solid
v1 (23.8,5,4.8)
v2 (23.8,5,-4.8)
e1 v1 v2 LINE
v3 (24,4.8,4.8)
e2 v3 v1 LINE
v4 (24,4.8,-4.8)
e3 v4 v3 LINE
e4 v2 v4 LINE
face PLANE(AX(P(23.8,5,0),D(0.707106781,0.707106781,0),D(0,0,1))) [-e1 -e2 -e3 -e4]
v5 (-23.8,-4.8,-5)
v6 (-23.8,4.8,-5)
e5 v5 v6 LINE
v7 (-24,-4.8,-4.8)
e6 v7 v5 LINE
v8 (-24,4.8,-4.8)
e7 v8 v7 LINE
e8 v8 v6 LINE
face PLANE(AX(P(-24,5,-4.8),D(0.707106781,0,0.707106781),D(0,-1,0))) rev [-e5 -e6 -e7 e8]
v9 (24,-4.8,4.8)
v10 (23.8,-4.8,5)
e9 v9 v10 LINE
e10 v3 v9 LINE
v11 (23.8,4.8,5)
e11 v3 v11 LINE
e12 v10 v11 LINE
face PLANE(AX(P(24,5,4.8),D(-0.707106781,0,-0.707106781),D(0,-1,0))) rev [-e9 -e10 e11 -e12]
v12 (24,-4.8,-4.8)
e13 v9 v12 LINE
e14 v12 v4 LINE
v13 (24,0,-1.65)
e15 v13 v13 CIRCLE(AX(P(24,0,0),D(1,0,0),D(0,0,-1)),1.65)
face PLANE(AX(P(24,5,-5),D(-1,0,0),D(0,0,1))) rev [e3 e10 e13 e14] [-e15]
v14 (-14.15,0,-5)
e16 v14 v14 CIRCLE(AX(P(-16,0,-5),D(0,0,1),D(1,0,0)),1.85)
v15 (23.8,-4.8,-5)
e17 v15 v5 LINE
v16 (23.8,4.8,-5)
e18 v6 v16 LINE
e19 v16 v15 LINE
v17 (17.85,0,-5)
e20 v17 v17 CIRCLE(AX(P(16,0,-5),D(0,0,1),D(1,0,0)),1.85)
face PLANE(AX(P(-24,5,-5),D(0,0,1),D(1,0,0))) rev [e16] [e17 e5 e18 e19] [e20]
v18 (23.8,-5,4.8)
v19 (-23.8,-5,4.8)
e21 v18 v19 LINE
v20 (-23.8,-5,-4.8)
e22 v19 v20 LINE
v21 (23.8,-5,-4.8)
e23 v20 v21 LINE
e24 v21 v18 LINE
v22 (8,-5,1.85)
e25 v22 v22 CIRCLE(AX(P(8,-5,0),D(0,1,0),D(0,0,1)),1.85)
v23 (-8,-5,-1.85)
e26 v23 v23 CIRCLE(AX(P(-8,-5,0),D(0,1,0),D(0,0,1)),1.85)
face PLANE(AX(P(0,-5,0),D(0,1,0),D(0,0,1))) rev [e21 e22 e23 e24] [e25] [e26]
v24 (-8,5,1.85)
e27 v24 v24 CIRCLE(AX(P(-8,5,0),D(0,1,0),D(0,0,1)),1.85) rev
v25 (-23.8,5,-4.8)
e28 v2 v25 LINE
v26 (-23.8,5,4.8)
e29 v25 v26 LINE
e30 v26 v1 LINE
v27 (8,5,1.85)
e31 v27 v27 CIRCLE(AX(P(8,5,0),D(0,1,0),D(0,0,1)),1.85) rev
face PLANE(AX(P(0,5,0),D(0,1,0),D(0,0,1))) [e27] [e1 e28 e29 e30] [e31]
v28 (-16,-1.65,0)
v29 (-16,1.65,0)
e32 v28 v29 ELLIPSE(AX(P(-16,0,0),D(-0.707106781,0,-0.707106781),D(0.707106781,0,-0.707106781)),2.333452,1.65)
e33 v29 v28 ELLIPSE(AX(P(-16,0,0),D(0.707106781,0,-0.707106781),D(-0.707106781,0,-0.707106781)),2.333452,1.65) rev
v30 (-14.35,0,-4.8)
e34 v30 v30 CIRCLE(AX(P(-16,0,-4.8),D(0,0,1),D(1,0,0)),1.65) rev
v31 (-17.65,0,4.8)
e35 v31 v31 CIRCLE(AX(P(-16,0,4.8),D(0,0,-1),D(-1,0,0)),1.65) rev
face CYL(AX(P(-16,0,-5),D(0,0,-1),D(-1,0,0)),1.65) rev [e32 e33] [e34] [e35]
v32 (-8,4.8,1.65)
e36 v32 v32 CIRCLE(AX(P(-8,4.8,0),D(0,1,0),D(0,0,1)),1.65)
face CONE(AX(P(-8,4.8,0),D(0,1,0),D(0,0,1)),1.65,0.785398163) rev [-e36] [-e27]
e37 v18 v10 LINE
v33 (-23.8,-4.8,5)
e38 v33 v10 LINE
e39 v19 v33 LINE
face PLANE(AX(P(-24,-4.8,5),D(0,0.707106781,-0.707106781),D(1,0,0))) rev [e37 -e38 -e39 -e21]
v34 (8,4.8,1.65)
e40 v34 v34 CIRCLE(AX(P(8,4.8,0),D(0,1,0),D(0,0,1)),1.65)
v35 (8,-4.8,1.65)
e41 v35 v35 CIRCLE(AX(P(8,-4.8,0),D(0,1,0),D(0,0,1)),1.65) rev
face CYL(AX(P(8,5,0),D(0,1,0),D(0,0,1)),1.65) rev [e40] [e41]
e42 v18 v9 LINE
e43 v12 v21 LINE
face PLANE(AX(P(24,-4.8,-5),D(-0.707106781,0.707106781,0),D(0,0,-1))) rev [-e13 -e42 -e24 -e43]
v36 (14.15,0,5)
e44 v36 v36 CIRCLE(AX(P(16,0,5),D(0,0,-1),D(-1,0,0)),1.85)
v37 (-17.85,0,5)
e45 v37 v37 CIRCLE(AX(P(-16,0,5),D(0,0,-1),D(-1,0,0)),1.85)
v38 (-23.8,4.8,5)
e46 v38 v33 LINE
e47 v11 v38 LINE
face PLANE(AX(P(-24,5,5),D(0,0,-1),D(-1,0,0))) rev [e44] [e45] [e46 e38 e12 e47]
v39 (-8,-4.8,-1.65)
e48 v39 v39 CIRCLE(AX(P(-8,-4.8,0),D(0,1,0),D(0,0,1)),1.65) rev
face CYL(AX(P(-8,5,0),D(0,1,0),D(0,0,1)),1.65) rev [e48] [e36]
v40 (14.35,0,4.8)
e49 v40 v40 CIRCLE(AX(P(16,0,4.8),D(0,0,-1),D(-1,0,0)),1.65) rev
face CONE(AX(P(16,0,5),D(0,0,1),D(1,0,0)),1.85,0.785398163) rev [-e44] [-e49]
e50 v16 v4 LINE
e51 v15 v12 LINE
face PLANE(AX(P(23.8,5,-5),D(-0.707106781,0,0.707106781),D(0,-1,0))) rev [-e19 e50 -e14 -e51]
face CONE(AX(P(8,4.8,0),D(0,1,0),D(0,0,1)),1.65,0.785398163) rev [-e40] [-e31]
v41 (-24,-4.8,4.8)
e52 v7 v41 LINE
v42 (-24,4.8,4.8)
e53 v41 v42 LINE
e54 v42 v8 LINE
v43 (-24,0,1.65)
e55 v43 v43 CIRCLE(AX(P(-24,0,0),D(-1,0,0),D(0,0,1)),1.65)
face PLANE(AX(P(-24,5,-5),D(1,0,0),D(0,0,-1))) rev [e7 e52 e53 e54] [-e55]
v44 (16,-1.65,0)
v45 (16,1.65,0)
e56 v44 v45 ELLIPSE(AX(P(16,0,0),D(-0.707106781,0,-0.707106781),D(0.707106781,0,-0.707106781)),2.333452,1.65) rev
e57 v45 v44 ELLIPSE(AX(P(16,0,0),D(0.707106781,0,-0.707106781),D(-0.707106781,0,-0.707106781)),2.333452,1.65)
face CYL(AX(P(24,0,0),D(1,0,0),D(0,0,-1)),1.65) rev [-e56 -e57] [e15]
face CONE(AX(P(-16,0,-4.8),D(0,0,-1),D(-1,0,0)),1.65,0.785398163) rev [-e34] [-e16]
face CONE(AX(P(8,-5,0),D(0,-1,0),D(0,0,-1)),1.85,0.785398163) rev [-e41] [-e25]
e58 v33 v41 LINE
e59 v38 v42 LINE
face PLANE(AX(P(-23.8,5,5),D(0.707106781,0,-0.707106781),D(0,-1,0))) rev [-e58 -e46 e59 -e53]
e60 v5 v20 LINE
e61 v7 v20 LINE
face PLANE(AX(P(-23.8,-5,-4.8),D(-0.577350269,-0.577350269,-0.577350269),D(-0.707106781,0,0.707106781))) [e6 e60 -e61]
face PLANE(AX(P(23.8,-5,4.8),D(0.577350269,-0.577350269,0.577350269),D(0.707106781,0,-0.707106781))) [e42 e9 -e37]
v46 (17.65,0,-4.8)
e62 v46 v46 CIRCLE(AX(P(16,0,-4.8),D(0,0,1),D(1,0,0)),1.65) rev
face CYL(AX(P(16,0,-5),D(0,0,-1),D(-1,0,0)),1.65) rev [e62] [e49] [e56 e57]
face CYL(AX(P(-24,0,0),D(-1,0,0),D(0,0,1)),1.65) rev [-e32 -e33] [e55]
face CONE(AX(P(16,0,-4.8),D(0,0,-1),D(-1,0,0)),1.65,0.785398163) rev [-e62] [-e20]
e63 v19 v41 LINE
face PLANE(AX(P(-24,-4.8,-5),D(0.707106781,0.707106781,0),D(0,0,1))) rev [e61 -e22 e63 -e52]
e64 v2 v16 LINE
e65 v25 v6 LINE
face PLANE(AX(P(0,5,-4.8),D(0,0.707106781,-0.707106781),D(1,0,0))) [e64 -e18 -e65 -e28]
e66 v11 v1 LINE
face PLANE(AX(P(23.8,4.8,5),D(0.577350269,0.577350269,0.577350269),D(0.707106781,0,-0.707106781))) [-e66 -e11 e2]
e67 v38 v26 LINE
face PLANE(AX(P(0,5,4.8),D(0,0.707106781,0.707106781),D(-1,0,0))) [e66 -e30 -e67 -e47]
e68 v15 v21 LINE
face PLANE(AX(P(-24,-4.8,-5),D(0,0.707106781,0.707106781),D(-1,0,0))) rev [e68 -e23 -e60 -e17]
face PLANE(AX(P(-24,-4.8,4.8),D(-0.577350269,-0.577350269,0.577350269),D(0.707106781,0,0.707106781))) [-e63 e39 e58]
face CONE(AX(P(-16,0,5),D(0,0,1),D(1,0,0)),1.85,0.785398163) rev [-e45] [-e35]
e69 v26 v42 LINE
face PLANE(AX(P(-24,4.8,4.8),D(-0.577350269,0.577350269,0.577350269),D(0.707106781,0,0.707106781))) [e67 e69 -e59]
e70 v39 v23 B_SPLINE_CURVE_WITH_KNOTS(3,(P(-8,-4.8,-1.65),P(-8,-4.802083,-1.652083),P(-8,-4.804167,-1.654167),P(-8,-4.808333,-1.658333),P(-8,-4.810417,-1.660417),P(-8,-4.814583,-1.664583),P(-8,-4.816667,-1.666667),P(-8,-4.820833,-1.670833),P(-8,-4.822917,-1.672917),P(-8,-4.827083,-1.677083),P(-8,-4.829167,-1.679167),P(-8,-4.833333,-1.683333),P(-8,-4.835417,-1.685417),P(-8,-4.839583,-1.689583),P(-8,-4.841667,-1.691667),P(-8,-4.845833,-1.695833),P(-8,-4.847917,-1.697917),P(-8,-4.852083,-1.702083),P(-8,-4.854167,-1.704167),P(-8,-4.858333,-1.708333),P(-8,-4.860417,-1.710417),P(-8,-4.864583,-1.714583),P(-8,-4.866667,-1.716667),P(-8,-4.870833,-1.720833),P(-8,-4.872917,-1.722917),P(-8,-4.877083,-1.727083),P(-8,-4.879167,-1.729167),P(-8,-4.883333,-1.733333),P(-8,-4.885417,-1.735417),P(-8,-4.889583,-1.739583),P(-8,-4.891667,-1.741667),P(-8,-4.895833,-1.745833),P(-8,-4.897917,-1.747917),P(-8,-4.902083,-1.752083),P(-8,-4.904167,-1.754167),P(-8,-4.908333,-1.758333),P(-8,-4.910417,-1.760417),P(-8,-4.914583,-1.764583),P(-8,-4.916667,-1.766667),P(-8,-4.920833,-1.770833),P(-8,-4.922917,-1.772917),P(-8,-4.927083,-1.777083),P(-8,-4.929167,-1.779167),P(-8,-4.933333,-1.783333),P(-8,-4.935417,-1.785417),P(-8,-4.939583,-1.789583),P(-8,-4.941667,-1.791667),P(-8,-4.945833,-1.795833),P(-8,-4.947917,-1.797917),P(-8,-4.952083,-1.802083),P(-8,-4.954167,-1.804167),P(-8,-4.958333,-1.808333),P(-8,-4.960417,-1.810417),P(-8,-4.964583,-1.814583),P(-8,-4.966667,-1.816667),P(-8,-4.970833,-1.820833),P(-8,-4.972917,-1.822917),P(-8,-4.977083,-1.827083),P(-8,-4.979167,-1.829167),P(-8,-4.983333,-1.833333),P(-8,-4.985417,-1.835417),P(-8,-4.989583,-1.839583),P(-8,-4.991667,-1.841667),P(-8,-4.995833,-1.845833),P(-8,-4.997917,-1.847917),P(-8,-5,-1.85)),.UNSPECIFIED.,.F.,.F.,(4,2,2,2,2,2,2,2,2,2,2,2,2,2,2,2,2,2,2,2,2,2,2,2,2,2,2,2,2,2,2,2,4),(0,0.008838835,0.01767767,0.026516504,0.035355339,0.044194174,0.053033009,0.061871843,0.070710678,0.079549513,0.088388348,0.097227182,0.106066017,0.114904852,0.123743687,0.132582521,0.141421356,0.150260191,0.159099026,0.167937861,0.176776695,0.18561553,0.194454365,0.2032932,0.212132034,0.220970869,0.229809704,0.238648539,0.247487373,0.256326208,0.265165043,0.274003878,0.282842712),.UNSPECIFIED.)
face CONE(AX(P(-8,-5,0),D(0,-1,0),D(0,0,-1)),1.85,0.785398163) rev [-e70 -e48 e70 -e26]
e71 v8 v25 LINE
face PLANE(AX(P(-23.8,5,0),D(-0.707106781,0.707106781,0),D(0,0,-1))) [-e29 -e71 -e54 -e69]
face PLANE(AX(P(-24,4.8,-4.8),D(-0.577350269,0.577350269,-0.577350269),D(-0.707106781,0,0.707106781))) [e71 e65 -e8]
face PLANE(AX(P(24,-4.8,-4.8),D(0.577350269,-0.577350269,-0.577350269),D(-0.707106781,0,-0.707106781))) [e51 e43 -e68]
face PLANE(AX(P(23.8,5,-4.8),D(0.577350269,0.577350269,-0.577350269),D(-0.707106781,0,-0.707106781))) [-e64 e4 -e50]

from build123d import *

# Parameters (mm, degrees)
SKETCH_1_W              = 48
SKETCH_1_H              = 10
EXTRUDE_1_DEPTH         = 5
HOLE_WIZARD_M4_1_D      = 3.3
HOLE_WIZARD_M4_2_D      = 3.3
CHAMFER_1_SIZE          = 0.2
HOLE_WIZARD_M4_3_REACH  = 50.518
HOLE_WIZARD_M4_3_BORE_R = 1.65
HOLE_WIZARD_M4_4_REACH  = 50.518
HOLE_WIZARD_M4_4_BORE_R = 1.65


with BuildPart() as part:
    # 草图1 → 凸台-拉伸1 (new, symmetric)
    with BuildSketch(Plane(origin=(0, 0, 0), x_dir=(1, 0, 0), z_dir=(0, 1, 0))):
        Rectangle(SKETCH_1_W, SKETCH_1_H)
    extrude(amount=EXTRUDE_1_DEPTH, both=True)

    # M4 螺纹孔1 (through all)
    with Locations(Plane(origin=(0, 5, 0), x_dir=(1, 0, 0), z_dir=(0, 1, 0))):
        with Locations((-8, 0), (8, 0)):
            Hole(HOLE_WIZARD_M4_1_D / 2)

    # M4 螺纹孔2 (through all)
    with Locations(Plane(origin=(0, 0, -5), x_dir=(-1, 0, 0), z_dir=(0, 0, -1))):
        with Locations((-16, 0), (16, 0)):
            Hole(HOLE_WIZARD_M4_2_D / 2)

    # 倒角1
    chamfer_1_edges = [part.edges().sort_by_distance(p)[0] for p in [
        (-24, 5, 0),
        (9.65, 5, 0),
        (9.65, -5, 0),
        (0, 5, 5),
        (-6.35, 5, 0),
        (-6.35, -5, 0),
        (-17.65, 0, -5),
        (-17.65, 0, 5),
        (14.35, 0, -5),
        (14.35, 0, 5),
        (24, 5, 0),
        (0, -5, 5),
        (-24, -5, 0),
        (0, -5, -5),
        (24, -5, 0),
        (24, 0, 5),
        (-24, 0, 5),
        (-24, 0, -5),
        (24, 0, -5),
        (0, 5, -5),
    ]]
    chamfer(chamfer_1_edges, length=CHAMFER_1_SIZE)

    # M4 螺纹孔3 bore → M4 螺纹孔3 (cut, up to next)
    with BuildSketch(Plane.ZY.offset(24), mode=Mode.PRIVATE) as hole_wizard_m4_3_sk1:
        Circle(HOLE_WIZARD_M4_3_BORE_R)
    hole_wizard_m4_3_tool1 = extrude(hole_wizard_m4_3_sk1.sketch, amount=-HOLE_WIZARD_M4_3_REACH, mode=Mode.PRIVATE) & part.part
    add(hole_wizard_m4_3_tool1.solids().sort_by_distance((-24, 0, 0))[0], mode=Mode.SUBTRACT)

    # M4 螺纹孔4 bore → M4 螺纹孔4 (cut, up to next)
    with BuildSketch(Plane(origin=(24, 0, 0), x_dir=(0, 0, -1), z_dir=(1, 0, 0)), mode=Mode.PRIVATE) as hole_wizard_m4_4_sk1:
        Circle(HOLE_WIZARD_M4_4_BORE_R)
    hole_wizard_m4_4_tool1 = extrude(hole_wizard_m4_4_sk1.sketch, amount=-HOLE_WIZARD_M4_4_REACH, mode=Mode.PRIVATE) & part.part
    add(hole_wizard_m4_4_tool1.solids().sort_by_distance((24, 0, 0))[0], mode=Mode.SUBTRACT)


solid = part.part
